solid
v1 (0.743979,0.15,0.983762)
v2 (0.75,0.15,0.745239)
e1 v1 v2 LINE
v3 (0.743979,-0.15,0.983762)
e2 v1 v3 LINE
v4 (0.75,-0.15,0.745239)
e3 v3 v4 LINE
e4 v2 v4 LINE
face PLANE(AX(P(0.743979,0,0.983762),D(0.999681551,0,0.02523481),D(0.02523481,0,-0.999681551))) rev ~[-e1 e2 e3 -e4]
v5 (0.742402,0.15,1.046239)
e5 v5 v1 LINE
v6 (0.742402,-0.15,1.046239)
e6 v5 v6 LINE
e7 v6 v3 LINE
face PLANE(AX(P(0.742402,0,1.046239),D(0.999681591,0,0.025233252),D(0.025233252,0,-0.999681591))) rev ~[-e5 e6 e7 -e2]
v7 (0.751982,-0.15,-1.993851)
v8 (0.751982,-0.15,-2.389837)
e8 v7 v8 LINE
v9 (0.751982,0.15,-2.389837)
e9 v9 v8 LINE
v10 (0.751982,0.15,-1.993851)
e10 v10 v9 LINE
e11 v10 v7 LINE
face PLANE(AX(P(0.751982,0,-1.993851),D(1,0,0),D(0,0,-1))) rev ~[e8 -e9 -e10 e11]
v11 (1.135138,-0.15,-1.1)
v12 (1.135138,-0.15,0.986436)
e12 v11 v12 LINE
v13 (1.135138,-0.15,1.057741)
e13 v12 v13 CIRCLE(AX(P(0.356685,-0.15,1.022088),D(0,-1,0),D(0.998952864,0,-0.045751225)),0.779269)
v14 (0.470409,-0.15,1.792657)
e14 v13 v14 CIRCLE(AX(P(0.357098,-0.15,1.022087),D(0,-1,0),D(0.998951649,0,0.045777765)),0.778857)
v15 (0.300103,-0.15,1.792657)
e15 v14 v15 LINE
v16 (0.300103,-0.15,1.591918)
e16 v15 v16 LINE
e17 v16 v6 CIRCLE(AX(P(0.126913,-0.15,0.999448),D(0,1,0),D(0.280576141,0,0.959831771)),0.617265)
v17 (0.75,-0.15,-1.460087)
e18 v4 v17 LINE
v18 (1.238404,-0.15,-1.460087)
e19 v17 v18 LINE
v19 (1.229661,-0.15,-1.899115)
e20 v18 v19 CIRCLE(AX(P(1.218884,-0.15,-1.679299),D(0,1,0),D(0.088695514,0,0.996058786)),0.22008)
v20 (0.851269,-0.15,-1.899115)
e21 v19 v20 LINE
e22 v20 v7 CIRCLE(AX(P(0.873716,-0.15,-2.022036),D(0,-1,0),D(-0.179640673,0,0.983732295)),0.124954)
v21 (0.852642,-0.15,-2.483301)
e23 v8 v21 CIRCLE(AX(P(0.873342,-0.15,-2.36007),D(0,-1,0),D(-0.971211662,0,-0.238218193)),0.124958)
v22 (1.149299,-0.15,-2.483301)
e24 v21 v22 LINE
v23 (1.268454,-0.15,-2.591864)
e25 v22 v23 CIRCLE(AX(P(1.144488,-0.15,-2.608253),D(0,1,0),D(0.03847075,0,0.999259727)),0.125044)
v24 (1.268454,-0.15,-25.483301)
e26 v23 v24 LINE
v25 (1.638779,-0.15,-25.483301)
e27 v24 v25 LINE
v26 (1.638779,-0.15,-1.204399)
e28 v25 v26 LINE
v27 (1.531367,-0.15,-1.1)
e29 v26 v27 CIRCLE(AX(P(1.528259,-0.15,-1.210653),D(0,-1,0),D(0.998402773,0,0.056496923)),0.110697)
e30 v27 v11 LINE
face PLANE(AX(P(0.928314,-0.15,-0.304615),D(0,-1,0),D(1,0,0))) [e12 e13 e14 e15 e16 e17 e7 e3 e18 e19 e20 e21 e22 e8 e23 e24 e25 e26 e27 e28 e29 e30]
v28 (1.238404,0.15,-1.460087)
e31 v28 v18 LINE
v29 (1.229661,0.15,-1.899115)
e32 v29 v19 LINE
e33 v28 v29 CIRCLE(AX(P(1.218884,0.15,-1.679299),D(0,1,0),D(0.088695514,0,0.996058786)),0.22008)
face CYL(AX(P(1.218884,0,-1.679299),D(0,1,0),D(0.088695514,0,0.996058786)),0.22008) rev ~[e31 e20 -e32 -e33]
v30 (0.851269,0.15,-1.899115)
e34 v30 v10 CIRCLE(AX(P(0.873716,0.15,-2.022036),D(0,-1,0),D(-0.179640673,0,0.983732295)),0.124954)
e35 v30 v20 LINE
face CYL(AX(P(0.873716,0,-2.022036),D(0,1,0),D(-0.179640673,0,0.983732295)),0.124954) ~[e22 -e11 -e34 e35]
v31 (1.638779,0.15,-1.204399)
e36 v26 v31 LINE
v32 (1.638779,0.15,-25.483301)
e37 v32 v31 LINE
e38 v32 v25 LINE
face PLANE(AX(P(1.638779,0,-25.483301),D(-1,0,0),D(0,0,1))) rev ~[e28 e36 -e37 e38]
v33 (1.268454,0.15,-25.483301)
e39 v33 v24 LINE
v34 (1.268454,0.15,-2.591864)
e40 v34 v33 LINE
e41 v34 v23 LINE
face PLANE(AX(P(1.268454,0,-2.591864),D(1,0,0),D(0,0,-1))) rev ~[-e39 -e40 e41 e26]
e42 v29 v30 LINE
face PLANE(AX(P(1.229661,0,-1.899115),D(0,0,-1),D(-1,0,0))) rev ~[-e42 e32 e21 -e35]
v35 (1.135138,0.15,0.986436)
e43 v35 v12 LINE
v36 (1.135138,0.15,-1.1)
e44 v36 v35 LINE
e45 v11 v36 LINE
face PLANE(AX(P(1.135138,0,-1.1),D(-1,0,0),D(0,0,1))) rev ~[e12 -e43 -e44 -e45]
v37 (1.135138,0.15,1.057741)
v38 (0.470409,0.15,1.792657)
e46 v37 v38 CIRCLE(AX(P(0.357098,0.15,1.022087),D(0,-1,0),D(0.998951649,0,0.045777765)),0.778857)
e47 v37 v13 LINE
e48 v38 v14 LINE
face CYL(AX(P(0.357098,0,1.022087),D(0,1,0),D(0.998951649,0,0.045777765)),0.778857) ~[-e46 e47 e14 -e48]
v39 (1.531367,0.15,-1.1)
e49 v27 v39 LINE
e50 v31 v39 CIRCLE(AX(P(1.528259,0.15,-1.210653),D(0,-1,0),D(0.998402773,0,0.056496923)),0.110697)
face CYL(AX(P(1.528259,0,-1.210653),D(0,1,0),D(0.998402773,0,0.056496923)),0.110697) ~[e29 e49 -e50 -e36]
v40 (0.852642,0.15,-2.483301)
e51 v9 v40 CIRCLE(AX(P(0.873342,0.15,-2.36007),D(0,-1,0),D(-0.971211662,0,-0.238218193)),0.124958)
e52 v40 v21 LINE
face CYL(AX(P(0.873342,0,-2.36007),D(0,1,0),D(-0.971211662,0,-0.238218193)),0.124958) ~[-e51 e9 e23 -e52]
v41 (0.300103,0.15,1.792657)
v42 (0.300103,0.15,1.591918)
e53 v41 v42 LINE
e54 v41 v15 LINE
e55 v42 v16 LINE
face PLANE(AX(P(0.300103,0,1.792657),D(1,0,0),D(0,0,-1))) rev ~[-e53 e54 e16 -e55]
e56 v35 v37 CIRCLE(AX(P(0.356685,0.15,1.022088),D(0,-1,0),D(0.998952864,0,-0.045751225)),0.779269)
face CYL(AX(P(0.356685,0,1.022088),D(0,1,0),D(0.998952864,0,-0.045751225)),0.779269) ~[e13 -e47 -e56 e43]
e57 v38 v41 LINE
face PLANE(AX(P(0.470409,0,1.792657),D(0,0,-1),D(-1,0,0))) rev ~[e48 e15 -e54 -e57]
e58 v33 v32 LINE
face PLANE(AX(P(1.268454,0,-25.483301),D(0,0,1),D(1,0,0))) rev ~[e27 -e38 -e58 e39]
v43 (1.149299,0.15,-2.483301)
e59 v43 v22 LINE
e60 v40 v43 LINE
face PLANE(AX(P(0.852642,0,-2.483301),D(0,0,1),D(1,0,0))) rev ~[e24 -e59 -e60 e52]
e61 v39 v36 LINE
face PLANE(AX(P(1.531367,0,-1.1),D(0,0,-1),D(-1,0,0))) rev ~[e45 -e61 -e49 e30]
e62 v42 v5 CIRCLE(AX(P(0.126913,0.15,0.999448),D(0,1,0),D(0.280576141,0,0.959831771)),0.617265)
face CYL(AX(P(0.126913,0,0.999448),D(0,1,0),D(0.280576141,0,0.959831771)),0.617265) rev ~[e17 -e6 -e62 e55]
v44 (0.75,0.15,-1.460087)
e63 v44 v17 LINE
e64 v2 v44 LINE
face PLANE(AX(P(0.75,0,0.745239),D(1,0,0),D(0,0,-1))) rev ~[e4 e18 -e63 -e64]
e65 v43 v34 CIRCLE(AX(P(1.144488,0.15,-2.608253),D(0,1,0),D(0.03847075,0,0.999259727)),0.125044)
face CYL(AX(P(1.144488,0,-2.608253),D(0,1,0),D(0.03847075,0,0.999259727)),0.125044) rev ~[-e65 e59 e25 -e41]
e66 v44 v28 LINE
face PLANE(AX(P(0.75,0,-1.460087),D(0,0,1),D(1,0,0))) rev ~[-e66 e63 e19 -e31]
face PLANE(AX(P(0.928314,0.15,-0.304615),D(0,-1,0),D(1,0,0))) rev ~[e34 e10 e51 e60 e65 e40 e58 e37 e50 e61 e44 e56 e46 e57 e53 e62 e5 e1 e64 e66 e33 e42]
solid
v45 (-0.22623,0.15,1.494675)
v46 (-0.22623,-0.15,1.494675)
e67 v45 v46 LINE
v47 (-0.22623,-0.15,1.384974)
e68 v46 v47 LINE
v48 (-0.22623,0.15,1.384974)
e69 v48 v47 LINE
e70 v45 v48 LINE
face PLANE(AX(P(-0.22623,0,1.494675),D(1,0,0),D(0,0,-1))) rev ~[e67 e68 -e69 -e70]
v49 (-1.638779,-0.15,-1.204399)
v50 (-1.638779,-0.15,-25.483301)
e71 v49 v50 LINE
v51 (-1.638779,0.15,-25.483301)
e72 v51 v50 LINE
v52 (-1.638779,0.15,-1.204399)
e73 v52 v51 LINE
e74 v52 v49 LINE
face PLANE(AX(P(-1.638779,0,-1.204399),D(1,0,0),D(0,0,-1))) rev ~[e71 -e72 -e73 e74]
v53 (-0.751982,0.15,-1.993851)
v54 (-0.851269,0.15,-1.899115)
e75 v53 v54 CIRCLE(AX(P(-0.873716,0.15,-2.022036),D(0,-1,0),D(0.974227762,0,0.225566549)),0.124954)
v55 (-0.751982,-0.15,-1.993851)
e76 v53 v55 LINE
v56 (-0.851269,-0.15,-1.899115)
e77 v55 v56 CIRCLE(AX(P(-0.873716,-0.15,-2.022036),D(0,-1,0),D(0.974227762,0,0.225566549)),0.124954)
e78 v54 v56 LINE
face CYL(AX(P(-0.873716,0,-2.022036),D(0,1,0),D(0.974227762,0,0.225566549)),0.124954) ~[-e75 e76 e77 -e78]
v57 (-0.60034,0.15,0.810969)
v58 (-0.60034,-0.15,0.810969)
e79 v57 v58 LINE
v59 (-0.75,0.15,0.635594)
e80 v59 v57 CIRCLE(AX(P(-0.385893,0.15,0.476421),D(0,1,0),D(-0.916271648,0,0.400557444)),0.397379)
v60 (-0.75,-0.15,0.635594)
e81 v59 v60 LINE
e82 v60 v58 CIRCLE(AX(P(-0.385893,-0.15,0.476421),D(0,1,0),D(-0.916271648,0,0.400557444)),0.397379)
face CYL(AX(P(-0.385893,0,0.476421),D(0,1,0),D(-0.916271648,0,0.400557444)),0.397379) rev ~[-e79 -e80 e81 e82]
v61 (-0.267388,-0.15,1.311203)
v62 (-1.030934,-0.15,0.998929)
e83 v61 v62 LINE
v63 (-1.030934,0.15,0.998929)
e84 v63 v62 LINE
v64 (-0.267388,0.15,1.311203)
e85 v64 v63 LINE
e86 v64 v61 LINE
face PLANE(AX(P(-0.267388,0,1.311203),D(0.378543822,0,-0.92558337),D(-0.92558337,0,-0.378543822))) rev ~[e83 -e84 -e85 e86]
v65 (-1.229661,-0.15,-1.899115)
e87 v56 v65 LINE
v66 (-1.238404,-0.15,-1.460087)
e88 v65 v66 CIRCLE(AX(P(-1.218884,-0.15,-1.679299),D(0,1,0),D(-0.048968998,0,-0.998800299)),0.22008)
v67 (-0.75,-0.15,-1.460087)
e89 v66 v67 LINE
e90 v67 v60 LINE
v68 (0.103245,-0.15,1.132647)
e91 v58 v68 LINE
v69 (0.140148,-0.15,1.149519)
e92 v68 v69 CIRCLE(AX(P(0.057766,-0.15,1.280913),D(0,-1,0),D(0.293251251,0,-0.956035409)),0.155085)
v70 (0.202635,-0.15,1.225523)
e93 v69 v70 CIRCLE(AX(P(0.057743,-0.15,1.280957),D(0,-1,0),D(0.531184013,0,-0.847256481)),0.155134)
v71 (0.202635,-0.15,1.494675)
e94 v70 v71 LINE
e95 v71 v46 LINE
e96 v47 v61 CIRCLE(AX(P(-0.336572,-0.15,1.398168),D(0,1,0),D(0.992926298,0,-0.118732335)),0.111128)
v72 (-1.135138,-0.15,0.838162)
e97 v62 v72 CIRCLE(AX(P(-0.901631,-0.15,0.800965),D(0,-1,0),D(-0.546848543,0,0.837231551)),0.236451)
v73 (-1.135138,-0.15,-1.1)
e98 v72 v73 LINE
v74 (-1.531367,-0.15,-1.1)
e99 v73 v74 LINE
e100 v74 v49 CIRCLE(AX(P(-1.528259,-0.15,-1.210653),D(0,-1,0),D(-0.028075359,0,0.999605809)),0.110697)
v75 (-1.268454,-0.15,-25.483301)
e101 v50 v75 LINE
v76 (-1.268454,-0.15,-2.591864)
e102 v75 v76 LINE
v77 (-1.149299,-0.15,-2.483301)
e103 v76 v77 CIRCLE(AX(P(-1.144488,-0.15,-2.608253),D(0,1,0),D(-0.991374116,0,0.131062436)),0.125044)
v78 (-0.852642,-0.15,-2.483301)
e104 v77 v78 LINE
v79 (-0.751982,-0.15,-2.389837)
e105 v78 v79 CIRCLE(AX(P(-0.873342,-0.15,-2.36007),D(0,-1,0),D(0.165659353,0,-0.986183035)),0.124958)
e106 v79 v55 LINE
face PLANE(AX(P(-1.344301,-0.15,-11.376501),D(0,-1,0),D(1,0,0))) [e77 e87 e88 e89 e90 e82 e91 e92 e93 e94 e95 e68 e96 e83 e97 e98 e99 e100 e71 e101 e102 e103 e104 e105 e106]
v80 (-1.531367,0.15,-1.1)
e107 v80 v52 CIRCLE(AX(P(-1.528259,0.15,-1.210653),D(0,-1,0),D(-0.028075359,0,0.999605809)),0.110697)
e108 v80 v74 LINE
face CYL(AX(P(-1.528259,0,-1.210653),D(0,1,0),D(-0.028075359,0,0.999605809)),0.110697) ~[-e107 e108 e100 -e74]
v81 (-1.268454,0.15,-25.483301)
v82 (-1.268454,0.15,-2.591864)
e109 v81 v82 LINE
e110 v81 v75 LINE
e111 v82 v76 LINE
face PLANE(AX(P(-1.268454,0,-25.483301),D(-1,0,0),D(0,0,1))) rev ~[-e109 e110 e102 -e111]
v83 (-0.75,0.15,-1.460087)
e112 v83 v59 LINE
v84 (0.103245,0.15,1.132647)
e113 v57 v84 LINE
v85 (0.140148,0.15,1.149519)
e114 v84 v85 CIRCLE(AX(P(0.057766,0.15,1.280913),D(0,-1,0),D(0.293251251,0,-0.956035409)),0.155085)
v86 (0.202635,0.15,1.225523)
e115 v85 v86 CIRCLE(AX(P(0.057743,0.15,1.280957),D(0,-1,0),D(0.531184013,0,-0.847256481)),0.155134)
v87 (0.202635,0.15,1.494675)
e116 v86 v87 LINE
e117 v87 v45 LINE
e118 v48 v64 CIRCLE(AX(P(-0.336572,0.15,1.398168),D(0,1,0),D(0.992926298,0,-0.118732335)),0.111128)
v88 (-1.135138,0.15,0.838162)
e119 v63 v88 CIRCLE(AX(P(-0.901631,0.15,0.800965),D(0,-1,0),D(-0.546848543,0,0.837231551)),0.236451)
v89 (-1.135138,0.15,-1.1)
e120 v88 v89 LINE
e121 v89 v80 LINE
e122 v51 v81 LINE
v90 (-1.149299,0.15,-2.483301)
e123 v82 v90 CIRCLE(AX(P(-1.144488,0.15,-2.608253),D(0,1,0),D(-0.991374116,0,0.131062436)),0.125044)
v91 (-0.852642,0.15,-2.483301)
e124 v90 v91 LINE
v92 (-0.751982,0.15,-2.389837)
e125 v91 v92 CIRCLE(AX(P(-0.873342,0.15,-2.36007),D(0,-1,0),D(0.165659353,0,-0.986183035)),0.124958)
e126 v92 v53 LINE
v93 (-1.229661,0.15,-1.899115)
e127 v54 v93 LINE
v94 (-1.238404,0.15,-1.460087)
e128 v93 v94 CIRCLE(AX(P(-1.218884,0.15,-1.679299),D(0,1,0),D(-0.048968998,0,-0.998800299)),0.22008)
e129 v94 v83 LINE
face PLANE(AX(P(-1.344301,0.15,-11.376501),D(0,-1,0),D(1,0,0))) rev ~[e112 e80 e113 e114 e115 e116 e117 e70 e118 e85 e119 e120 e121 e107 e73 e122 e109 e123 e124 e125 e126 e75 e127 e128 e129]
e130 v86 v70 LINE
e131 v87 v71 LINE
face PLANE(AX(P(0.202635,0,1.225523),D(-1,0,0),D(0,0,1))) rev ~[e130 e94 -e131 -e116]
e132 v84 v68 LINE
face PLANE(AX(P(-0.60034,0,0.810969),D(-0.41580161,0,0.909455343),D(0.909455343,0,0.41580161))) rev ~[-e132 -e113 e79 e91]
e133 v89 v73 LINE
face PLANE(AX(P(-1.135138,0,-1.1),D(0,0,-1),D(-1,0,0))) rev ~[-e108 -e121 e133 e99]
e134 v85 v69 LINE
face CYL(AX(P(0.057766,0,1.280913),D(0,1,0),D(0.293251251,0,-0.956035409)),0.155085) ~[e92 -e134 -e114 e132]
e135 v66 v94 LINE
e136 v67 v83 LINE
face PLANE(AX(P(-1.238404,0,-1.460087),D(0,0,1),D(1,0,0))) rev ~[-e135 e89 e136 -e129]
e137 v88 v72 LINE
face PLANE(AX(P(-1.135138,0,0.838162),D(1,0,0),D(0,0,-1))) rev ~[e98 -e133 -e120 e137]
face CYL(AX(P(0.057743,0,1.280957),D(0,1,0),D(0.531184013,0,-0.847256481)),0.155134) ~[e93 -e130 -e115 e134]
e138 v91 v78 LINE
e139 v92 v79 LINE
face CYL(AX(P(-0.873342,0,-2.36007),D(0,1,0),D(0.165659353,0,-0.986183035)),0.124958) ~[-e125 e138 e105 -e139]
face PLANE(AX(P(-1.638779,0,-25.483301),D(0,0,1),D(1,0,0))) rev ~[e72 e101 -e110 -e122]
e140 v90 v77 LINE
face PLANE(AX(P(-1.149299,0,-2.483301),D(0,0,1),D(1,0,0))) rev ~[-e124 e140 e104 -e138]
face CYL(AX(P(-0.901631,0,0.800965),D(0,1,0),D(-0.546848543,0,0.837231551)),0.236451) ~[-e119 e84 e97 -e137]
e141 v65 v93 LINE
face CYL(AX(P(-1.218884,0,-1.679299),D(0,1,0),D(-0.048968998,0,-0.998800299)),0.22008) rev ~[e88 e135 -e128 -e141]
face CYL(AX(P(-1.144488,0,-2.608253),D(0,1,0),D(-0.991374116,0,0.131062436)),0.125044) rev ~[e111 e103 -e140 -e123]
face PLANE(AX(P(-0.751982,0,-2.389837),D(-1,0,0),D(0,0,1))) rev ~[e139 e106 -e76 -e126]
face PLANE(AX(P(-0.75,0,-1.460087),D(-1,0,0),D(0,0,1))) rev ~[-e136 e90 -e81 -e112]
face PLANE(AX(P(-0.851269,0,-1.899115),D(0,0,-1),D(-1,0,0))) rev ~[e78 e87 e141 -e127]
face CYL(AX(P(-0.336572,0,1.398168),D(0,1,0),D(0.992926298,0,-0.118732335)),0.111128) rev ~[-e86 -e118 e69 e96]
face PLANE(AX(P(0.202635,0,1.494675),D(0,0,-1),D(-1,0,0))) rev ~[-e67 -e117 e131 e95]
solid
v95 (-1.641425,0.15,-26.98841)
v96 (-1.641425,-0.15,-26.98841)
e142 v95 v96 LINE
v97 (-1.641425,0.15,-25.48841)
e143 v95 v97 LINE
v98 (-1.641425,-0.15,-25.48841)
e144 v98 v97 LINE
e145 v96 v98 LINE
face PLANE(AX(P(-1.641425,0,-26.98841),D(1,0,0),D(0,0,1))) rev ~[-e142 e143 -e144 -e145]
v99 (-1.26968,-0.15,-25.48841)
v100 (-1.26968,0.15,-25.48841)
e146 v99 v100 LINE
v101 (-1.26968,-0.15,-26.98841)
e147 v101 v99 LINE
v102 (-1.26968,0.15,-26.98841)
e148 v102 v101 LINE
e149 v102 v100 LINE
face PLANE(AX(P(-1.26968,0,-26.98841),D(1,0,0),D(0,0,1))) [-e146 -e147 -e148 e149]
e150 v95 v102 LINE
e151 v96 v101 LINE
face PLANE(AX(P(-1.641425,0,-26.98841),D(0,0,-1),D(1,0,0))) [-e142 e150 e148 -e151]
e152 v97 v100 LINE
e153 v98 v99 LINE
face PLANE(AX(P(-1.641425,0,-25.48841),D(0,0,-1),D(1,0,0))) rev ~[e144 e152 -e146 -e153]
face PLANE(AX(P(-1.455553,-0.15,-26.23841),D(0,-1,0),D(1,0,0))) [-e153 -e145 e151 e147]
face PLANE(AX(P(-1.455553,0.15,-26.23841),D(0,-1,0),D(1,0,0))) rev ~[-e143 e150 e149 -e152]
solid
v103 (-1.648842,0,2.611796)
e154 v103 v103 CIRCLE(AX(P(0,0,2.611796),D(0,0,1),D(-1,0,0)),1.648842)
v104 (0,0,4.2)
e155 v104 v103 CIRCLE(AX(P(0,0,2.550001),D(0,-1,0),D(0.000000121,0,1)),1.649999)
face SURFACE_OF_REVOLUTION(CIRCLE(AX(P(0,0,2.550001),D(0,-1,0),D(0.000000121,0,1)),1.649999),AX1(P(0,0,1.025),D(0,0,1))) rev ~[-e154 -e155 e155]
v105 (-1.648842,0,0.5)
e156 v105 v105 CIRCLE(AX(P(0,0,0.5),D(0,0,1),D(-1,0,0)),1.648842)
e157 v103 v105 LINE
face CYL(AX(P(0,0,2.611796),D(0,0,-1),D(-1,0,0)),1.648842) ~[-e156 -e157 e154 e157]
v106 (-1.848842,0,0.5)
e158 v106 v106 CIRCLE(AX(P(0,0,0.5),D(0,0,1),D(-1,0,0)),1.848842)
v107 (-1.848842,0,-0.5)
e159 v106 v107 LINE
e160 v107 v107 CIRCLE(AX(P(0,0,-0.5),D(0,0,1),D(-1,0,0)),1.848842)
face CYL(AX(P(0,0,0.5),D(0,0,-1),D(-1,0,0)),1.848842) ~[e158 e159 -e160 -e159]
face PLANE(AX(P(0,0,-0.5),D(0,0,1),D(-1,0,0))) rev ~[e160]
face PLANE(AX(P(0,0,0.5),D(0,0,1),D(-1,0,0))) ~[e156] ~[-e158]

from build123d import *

# Parameters (mm, degrees)
F3_W     = 0.371745
F3_H     = 1.5
F4_DEPTH = 0.15


with BuildPart() as f1:
    # F0 (on Front) → F1 (revolve)
    with BuildSketch(Plane.XZ):
        with BuildLine():
            Line((-1.648842, 0.5), (0, 0.5))
            Line((0, 0.5), (0, 2.55))
            Line((0, 2.55), (0, 4.2))
            ThreePointArc((0, 4.2), (-1.144669, 3.738374), (-1.648842, 2.611796))
            Line((-1.648842, 2.611796), (-1.648842, 2.488204))
            Line((-1.648842, 2.488204), (-1.648842, 0.5))
        make_face()
        Polygon((0, -0.5), (0, 0.5), (-1.648842, 0.5), (-1.848842, 0.5), (-1.848842, -0.5), align=None)
    revolve(axis=Axis((0, 0, 1.025), (0, 0, 1)))


with BuildPart() as f4:
    # F2 (on Front) + F3 (on Front) → F4 (new body, symmetric)
    with BuildSketch(Plane.XZ):
        with BuildLine():
            Line((-0.75, -1.460087), (-0.75, -0.704625))
            Line((-0.75, -0.704625), (-0.75, 0.635594))
            ThreePointArc((-0.75, 0.635594), (-0.688168, 0.734374), (-0.60034, 0.810969))
            Line((-0.60034, 0.810969), (0.103245, 1.132647))
            Line((0.103245, 1.132647), (0.140148, 1.149519))
            ThreePointArc((0.140148, 1.149519), (0.177577, 1.182436), (0.202635, 1.225523))
            Line((0.202635, 1.225523), (0.202635, 1.494675))
            Line((0.202635, 1.494675), (-0.22623, 1.494675))
            Line((-0.22623, 1.494675), (-0.22623, 1.411355))
            ThreePointArc((-0.22623, 1.411355), (-0.225445, 1.398164), (-0.22623, 1.384974))
            ThreePointArc((-0.22623, 1.384974), (-0.239526, 1.344025), (-0.267388, 1.311203))
            Line((-0.267388, 1.311203), (-1.030934, 0.998929))
            ThreePointArc((-1.030934, 0.998929), (-1.100048, 0.929572), (-1.135138, 0.838162))
            Line((-1.135138, 0.838162), (-1.135138, 0.720012))
            Line((-1.135138, 0.720012), (-1.135138, -0.704453))
            Line((-1.135138, -0.704453), (-1.135138, -1.1))
            Line((-1.135138, -1.1), (-1.531367, -1.1))
            ThreePointArc((-1.531367, -1.1), (-1.605412, -1.131273), (-1.638779, -1.204399))
            Line((-1.638779, -1.204399), (-1.638779, -25.483301))
            Line((-1.638779, -25.483301), (-1.268454, -25.483301))
            Line((-1.268454, -25.483301), (-1.268454, -2.591864))
            ThreePointArc((-1.268454, -2.591864), (-1.228704, -2.51582), (-1.149299, -2.483301))
            Line((-1.149299, -2.483301), (-0.852642, -2.483301))
            ThreePointArc((-0.852642, -2.483301), (-0.788318, -2.451641), (-0.751982, -2.389837))
            Line((-0.751982, -2.389837), (-0.751982, -1.993851))
            ThreePointArc((-0.751982, -1.993851), (-0.787456, -1.931633), (-0.851269, -1.899115))
            Line((-0.851269, -1.899115), (-1.229661, -1.899115))
            ThreePointArc((-1.229661, -1.899115), (-1.43892, -1.683681), (-1.238404, -1.460087))
            Line((-1.238404, -1.460087), (-0.75, -1.460087))
        make_face()
        with BuildLine():
            Line((0.140148, 1.149519), (0.103245, 1.132647))
            ThreePointArc((0.103245, 1.132647), (0.122251, 1.139871), (0.140148, 1.149519))
        make_face()
        with BuildLine():
            ThreePointArc((-0.22623, 1.384974), (-0.225445, 1.398164), (-0.22623, 1.411355))
            Line((-0.22623, 1.411355), (-0.22623, 1.384974))
        make_face()
        Polygon((0.75, -1.460087), (1.135138, -1.1), (1.135138, -0.704453), (1.135138, 0.738441), (0.75, 0.745239), (0.75, -0.704625), align=None)
        with BuildLine():
            Line((1.531367, -1.1), (1.135138, -1.1))
            Line((1.135138, -1.1), (0.75, -1.460087))
            Line((0.75, -1.460087), (1.238404, -1.460087))
            ThreePointArc((1.238404, -1.460087), (1.43892, -1.683681), (1.229661, -1.899115))
            Line((1.229661, -1.899115), (0.851269, -1.899115))
            ThreePointArc((0.851269, -1.899115), (0.787456, -1.931633), (0.751982, -1.993851))
            Line((0.751982, -1.993851), (0.751982, -2.389837))
            ThreePointArc((0.751982, -2.389837), (0.788318, -2.451641), (0.852642, -2.483301))
            Line((0.852642, -2.483301), (1.149299, -2.483301))
            ThreePointArc((1.149299, -2.483301), (1.228704, -2.51582), (1.268454, -2.591864))
            Line((1.268454, -2.591864), (1.268454, -25.483301))
            Line((1.268454, -25.483301), (1.638779, -25.483301))
            Line((1.638779, -25.483301), (1.638779, -1.204399))
            ThreePointArc((1.638779, -1.204399), (1.605412, -1.131273), (1.531367, -1.1))
        make_face()
        with BuildLine():
            Line((0.75, 0.745239), (1.135138, 0.738441))
            Line((1.135138, 0.738441), (1.135138, 0.986436))
            Line((1.135138, 0.986436), (1.135138, 1.057741))
            ThreePointArc((1.135138, 1.057741), (0.934724, 1.544548), (0.470409, 1.792657))
            Line((0.470409, 1.792657), (0.300103, 1.792657))
            Line((0.300103, 1.792657), (0.300103, 1.591918))
            ThreePointArc((0.300103, 1.591918), (0.606439, 1.388126), (0.742402, 1.046239))
            ThreePointArc((0.742402, 1.046239), (0.743982, 1.01502), (0.743979, 0.983762))
            Line((0.743979, 0.983762), (0.75, 0.745239))
        make_face()
        with BuildLine():
            Line((1.135138, 1.057741), (1.135138, 0.986436))
            ThreePointArc((1.135138, 0.986436), (1.135954, 1.022089), (1.135138, 1.057741))
        make_face()
        with BuildLine():
            Line((0.742402, 1.046239), (0.743979, 0.983762))
            ThreePointArc((0.743979, 0.983762), (0.743982, 1.01502), (0.742402, 1.046239))
        make_face()
    with BuildSketch(Plane.XZ):
        with Locations((-1.455553, -26.23841)):
            Rectangle(F3_W, F3_H)
    extrude(amount=F4_DEPTH, both=True)


solid = Compound([f1.part, f4.part])
